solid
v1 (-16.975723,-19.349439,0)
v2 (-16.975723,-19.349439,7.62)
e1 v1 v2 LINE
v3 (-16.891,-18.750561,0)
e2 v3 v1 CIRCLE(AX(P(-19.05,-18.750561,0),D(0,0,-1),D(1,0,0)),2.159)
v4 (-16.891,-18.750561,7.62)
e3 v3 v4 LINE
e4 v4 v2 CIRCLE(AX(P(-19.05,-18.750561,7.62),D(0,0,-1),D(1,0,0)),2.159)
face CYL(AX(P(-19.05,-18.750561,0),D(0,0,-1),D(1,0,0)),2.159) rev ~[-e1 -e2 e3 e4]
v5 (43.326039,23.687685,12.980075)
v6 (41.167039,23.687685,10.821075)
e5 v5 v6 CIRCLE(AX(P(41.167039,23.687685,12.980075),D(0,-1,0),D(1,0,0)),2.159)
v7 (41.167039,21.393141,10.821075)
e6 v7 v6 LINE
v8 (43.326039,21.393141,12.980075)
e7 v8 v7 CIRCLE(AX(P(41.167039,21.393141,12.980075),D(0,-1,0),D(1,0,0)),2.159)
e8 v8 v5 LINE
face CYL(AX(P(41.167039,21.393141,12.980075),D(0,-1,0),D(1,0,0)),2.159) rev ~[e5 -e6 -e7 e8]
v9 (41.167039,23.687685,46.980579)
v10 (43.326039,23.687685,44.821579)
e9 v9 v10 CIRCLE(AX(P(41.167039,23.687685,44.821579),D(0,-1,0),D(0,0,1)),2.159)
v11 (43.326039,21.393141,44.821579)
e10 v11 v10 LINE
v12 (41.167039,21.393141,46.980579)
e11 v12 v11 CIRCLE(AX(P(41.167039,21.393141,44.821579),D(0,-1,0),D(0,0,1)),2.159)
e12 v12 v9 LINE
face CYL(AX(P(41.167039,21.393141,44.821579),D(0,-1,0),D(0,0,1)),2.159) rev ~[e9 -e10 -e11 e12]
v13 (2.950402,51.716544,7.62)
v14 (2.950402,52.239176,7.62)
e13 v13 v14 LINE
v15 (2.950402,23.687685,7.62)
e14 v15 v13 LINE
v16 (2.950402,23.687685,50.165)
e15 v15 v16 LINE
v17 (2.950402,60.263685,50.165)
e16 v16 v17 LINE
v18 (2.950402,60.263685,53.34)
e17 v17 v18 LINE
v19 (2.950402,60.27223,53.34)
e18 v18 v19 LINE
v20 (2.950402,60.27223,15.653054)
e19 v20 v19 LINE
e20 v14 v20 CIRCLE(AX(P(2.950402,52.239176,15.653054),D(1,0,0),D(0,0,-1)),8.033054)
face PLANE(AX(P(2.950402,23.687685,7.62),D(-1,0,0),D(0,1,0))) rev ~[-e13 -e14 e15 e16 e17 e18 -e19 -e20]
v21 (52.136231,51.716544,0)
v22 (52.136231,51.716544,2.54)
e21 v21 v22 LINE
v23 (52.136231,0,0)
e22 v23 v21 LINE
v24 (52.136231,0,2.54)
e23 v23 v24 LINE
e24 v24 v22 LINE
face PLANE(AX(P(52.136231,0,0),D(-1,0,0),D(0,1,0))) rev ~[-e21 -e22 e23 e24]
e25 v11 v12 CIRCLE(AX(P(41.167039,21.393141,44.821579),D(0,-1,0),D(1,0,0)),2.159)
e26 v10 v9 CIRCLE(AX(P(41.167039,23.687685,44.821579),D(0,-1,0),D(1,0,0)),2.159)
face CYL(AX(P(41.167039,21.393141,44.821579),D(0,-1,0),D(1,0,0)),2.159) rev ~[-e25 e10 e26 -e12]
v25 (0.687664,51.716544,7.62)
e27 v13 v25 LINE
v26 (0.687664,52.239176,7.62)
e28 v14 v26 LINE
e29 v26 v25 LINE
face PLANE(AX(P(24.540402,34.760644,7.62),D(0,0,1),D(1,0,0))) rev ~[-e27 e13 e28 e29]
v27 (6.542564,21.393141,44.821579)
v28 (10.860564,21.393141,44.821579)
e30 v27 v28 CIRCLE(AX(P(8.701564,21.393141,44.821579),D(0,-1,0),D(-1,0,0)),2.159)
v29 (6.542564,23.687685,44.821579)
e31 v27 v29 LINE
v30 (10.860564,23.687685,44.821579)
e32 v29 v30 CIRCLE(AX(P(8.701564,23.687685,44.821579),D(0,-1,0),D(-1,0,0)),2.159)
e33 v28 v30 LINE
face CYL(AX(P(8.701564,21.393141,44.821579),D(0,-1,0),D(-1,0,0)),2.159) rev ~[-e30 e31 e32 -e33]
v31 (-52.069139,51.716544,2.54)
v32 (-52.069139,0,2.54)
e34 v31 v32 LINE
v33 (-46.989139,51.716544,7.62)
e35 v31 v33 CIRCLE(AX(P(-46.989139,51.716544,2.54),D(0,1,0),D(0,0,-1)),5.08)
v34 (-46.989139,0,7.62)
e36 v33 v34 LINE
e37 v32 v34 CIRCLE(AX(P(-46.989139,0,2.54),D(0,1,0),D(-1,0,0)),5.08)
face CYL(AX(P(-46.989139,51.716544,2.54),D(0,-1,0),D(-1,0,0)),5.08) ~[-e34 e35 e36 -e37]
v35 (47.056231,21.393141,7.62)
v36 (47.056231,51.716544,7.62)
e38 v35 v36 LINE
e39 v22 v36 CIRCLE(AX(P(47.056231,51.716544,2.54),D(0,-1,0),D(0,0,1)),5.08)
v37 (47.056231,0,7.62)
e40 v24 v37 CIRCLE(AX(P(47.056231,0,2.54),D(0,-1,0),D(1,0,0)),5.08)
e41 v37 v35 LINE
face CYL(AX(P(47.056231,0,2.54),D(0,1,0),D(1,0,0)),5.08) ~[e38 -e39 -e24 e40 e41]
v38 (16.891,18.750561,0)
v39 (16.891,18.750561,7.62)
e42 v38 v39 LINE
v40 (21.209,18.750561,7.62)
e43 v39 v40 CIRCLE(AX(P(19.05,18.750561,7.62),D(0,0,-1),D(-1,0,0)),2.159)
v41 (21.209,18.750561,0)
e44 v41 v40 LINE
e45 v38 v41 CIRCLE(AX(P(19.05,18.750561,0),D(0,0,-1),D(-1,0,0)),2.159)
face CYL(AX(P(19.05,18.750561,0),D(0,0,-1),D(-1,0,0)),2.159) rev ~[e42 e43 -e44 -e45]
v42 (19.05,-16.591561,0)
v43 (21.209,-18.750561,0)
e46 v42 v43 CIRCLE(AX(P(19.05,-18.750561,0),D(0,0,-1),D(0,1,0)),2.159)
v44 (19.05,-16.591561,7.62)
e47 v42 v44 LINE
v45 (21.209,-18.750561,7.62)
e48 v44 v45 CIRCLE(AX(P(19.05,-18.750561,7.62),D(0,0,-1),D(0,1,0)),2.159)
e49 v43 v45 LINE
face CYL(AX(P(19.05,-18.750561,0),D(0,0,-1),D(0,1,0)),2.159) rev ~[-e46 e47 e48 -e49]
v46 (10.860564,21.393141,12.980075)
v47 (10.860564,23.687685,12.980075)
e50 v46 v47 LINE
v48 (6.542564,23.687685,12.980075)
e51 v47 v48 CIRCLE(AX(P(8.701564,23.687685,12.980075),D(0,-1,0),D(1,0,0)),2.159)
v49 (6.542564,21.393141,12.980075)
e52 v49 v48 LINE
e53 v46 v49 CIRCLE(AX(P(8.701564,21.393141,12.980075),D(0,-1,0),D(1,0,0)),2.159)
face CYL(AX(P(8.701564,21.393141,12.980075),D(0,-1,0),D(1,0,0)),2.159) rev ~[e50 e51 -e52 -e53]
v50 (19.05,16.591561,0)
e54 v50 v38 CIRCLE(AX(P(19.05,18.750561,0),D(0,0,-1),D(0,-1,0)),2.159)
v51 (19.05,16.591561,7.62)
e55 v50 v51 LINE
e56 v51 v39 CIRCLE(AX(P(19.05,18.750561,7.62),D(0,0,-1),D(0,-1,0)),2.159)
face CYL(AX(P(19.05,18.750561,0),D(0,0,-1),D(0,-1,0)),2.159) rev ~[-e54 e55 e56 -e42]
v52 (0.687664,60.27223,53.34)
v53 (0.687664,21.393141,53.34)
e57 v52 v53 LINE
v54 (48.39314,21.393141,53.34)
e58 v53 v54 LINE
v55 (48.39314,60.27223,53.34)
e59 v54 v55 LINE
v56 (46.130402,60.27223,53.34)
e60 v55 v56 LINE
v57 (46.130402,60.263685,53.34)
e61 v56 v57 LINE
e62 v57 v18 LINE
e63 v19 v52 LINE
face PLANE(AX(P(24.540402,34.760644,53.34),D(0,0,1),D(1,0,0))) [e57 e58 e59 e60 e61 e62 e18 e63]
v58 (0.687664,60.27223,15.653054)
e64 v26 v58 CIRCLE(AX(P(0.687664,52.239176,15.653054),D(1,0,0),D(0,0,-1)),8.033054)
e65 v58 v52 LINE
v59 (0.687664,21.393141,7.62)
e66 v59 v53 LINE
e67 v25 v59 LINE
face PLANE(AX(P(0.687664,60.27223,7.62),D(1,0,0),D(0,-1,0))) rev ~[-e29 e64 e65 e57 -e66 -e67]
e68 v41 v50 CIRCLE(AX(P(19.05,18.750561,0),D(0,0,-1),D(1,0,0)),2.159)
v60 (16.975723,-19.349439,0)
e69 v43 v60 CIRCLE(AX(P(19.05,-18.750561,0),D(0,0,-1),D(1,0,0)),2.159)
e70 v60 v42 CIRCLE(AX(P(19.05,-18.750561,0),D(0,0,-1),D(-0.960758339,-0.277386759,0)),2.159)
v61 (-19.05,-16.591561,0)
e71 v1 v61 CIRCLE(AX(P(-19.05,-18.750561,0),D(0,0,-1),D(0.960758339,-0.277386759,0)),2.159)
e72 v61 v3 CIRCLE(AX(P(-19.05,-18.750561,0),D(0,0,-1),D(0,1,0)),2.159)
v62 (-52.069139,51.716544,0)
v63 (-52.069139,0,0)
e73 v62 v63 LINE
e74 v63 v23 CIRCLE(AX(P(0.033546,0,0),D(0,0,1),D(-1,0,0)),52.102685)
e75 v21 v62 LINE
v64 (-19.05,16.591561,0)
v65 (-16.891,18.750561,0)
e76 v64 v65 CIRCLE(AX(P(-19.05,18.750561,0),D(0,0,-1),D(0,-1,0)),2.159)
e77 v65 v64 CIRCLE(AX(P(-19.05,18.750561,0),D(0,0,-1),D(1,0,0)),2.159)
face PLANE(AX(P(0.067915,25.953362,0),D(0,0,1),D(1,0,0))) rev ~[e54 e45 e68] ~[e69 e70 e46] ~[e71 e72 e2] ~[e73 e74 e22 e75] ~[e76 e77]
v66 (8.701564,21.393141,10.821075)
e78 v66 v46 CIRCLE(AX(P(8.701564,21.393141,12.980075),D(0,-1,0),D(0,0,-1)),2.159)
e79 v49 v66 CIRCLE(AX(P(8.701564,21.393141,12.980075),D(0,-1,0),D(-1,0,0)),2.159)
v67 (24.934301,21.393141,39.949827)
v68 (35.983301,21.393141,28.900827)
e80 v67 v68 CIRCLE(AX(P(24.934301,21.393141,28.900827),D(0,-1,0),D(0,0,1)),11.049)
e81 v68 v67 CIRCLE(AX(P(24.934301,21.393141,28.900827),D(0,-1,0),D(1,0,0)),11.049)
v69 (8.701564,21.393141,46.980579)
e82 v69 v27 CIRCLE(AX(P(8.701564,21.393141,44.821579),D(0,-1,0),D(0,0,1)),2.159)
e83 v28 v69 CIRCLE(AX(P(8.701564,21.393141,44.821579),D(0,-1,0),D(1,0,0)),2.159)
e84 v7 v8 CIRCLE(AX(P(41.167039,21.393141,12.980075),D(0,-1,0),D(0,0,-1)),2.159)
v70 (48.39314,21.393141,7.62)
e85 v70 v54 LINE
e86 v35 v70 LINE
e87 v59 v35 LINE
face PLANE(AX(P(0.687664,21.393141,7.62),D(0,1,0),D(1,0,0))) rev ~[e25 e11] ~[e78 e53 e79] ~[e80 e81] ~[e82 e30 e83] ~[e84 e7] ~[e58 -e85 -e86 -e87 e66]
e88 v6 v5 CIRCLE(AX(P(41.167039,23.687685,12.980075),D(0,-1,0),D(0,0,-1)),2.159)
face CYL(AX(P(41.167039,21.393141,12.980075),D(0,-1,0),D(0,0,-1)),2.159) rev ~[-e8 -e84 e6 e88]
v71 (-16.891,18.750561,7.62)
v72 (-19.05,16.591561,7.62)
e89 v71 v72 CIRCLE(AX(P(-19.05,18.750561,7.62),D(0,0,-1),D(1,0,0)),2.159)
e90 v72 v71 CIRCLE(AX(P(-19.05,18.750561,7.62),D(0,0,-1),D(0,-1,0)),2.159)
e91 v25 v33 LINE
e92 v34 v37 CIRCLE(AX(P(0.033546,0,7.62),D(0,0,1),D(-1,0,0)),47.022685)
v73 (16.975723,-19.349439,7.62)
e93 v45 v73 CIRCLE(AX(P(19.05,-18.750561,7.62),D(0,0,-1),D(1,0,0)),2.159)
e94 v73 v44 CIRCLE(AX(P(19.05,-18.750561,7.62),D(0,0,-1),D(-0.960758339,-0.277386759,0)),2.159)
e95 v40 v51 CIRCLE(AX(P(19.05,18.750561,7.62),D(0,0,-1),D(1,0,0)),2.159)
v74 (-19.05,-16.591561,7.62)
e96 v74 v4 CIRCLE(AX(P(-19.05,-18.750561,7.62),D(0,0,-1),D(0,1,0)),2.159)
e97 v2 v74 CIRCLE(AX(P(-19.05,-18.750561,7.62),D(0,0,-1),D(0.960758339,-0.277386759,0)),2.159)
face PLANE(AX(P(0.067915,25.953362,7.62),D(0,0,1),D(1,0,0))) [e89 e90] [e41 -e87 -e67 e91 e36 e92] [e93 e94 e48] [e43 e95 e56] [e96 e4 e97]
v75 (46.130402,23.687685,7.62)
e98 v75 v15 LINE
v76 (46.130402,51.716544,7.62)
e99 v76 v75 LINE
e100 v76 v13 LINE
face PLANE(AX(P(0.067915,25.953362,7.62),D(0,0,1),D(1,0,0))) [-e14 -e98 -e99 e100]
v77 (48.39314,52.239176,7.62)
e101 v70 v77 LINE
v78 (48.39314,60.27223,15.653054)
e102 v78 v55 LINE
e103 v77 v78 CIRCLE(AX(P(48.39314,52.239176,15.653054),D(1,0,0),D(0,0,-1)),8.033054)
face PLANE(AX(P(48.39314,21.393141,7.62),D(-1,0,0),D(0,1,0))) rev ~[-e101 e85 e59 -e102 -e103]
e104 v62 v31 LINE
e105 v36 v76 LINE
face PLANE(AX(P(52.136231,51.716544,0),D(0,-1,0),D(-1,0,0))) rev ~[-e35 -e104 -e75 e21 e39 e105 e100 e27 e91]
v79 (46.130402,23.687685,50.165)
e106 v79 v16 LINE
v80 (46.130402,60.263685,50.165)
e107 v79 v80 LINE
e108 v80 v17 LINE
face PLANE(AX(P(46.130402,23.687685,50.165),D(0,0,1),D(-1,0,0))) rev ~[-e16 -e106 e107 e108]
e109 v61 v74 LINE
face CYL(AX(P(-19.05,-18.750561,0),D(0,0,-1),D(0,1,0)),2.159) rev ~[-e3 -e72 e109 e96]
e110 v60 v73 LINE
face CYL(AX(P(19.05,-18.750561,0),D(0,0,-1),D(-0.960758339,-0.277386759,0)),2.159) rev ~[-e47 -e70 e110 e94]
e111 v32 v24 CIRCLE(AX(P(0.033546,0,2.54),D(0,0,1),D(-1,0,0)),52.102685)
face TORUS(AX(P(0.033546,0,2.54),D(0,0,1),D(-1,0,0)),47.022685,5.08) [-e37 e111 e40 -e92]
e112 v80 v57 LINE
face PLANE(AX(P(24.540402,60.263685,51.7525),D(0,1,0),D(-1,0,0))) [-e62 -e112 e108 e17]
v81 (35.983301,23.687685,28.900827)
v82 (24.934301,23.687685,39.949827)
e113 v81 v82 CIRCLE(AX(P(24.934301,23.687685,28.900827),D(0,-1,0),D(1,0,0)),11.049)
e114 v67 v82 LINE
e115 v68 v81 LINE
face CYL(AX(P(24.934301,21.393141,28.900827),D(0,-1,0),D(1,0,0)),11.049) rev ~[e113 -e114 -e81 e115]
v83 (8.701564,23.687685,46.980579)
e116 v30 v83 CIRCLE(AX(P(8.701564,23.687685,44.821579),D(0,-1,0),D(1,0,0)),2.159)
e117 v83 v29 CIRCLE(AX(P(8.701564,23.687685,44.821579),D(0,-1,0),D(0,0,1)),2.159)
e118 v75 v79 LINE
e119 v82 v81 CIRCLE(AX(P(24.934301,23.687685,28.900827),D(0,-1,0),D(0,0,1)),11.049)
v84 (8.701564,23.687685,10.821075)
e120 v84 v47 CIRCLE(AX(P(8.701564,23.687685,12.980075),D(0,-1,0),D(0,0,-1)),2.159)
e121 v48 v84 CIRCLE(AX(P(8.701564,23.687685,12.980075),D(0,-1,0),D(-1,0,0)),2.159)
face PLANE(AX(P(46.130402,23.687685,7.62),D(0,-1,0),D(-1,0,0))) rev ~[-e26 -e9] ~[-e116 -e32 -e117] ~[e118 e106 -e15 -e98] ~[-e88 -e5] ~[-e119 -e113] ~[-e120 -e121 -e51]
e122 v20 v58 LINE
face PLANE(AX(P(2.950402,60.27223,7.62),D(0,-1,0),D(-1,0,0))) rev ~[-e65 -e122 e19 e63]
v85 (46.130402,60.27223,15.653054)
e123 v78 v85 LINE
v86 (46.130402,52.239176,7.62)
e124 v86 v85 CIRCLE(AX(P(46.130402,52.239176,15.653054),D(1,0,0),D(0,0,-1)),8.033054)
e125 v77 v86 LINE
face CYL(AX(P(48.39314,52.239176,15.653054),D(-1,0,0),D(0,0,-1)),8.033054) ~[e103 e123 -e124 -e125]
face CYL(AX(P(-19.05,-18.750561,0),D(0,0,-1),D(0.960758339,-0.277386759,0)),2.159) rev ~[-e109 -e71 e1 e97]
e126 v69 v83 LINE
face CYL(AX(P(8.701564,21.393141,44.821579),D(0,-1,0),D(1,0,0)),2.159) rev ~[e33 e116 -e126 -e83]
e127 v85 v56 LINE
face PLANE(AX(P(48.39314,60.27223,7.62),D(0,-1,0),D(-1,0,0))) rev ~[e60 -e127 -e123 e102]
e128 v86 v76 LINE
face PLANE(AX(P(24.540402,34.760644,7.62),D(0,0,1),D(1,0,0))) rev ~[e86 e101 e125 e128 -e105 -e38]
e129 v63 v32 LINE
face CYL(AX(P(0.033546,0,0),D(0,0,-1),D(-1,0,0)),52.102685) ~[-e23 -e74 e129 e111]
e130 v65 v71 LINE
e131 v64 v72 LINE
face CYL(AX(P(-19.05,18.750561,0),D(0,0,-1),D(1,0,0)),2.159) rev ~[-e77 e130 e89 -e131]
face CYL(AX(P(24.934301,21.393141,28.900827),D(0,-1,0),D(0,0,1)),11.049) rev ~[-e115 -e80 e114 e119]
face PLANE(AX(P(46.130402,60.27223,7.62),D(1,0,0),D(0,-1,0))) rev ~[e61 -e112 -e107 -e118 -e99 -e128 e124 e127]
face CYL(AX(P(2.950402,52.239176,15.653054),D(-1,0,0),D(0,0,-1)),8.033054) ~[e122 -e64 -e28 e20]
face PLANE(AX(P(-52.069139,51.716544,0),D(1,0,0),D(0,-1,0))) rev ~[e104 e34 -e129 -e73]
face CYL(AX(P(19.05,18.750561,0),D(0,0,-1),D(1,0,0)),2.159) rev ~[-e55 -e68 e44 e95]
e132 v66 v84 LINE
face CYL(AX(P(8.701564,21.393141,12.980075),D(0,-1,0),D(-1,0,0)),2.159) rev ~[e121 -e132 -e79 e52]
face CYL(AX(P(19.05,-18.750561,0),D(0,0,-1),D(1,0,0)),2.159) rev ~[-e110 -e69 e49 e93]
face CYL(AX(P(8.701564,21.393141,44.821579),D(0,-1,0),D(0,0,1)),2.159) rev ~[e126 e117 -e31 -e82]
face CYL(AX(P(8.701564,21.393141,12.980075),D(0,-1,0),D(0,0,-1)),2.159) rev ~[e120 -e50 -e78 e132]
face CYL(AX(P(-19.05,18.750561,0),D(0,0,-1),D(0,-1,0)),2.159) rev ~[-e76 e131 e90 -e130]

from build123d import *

# Parameters (mm, degrees)
F1_DEPTH = 7.62
F2_R     = 5.08
F4_DEPTH = 45.72
F6_DEPTH = 25.4
F7_W     = 43.18
F7_H     = 3.175
F8_DEPTH = 36.576
F9_R     = 8.0330542074


with BuildPart() as f1:
    # F0 (on Top) → F1 (new body)
    with BuildSketch(Plane.XY):
        with BuildLine():
            ThreePointArc((-19.05, 16.5915609938), (-20.5766435406, 20.2772045344), (-16.891, 18.7505609938))
            Line((-16.891, 18.7505609938), (16.891, 18.7505609938))
            ThreePointArc((16.891, 18.7505609938), (19.05, 20.9095609938), (21.209, 18.7505609938))
            ThreePointArc((21.209, 18.7505609938), (20.5766435406, 17.2239174532), (19.05, 16.5915609938))
            Line((19.05, 16.5915609938), (19.05, 0))
            Line((19.05, 0), (52.1362312138, 0))
            Line((52.1362312138, 0), (52.1362312138, 51.7165437341))
            Line((52.1362312138, 51.7165437341), (-52.0691390008, 51.7165437341))
            Line((-52.0691390008, 51.7165437341), (-52.0691390008, 0))
            Line((-52.0691390008, 0), (-19.05, 0))
            Line((-19.05, 0), (-19.05, 16.5915609938))
        make_face()
        with BuildLine():
            Line((-19.05, -16.5915609938), (-19.05, 0))
            Line((-19.05, 0), (-52.0691390008, 0))
            ThreePointArc((-52.0691390008, 0), (0.0335461065, -52.1026851073), (52.1362312138, 0))
            Line((52.1362312138, 0), (19.05, 0))
            Line((19.05, 0), (19.05, -16.5915609938))
            ThreePointArc((19.05, -16.5915609938), (20.5766435406, -17.2239174532), (21.209, -18.7505609938))
            ThreePointArc((21.209, -18.7505609938), (19.3524205753, -20.8882753797), (16.975722746, -19.3494390062))
            Line((16.975722746, -19.3494390062), (-16.975722746, -19.3494390062))
            ThreePointArc((-16.975722746, -19.3494390062), (-20.775435978, -20.0483096928), (-19.05, -16.5915609938))
        make_face()
        with BuildLine():
            Line((16.891, 18.7505609938), (-16.891, 18.7505609938))
            ThreePointArc((-16.891, 18.7505609938), (-17.5233564594, 17.2239174532), (-19.05, 16.5915609938))
            Line((-19.05, 16.5915609938), (-19.05, 0))
            Line((-19.05, 0), (19.05, 0))
            Line((19.05, 0), (19.05, 16.5915609938))
            ThreePointArc((19.05, 16.5915609938), (17.5233564594, 17.2239174532), (16.891, 18.7505609938))
        make_face()
        with BuildLine():
            Line((19.05, 0), (-19.05, 0))
            Line((-19.05, 0), (-19.05, -16.5915609938))
            ThreePointArc((-19.05, -16.5915609938), (-17.5233564594, -17.2239174532), (-16.891, -18.7505609938))
            ThreePointArc((-16.891, -18.7505609938), (-16.9122856141, -19.0529815691), (-16.975722746, -19.3494390062))
            Line((-16.975722746, -19.3494390062), (16.975722746, -19.3494390062))
            ThreePointArc((16.975722746, -19.3494390062), (17.324564022, -17.4528122949), (19.05, -16.5915609938))
            Line((19.05, -16.5915609938), (19.05, 0))
        make_face()
    extrude(amount=F1_DEPTH)

    # F2
    f2_edges = [f1.edges().sort_by_distance(p)[0] for p in [
        (0.033546, -52.102685, 7.62),
    ]]
    fillet(f2_edges, radius=F2_R)

    # F3 (on face) → F4 (join)
    with BuildSketch(Plane.XY.offset(7.62)):
        Polygon((46.1304020137, 23.6876853067), (2.9504020137, 23.6876853067), (2.9504020137, 57.9776853067), (2.9504020137, 60.2722298354), (0.6876643932, 60.2722298354), (0.6876643932, 21.3931407779), (48.3931396341, 21.3931407779), (48.3931396341, 60.2722298354), (46.1304020137, 60.2722298354), (46.1304020137, 57.9776853067), align=None)
    extrude(amount=F4_DEPTH)

    # F5 (on face) → F6 (cut)
    with BuildSketch(Plane.XZ.offset(-21.3931407779)):
        with BuildLine():
            ThreePointArc((6.5425638128, 44.8215786717), (8.7015638128, 42.6625786717), (10.8605638128, 44.8215786717))
            ThreePointArc((10.8605638128, 44.8215786717), (10.2282073534, 46.3482222123), (8.7015638128, 46.9805786717))
            ThreePointArc((8.7015638128, 46.9805786717), (7.1749202722, 46.3482222123), (6.5425638128, 44.8215786717))
        make_face()
        with BuildLine():
            ThreePointArc((24.9343014333, 39.9498267307), (17.1214786079, 21.0880039054), (35.9833014333, 28.9008267307))
            ThreePointArc((35.9833014333, 28.9008267307), (32.7471242586, 36.7136495561), (24.9343014333, 39.9498267307))
        make_face()
        with BuildLine():
            ThreePointArc((41.1670390537, 46.9805786717), (39.6403955132, 43.2949351311), (43.3260390537, 44.8215786717))
            ThreePointArc((43.3260390537, 44.8215786717), (42.6936825943, 46.3482222123), (41.1670390537, 46.9805786717))
        make_face()
        with BuildLine():
            ThreePointArc((41.1670390537, 10.8210747898), (42.6936825943, 11.4534312492), (43.3260390537, 12.9800747898))
            ThreePointArc((43.3260390537, 12.9800747898), (39.6403955132, 14.5067183303), (41.1670390537, 10.8210747898))
        make_face()
        with BuildLine():
            ThreePointArc((6.5425638128, 12.9800747898), (7.1749202722, 11.4534312492), (8.7015638128, 10.8210747898))
            ThreePointArc((8.7015638128, 10.8210747898), (10.2282073534, 11.4534312492), (10.8605638128, 12.9800747898))
            ThreePointArc((10.8605638128, 12.9800747898), (8.7015638128, 15.1390747898), (6.5425638128, 12.9800747898))
        make_face()
    extrude(amount=-F6_DEPTH, mode=Mode.SUBTRACT)

    # F7 (on face) → F8 (join)
    with BuildSketch(Plane(origin=(0, 23.6876853067, 0), x_dir=(-1, 0, 0), z_dir=(0, 1, 0))):
        with Locations((-24.5404020137, 51.7525)):
            Rectangle(F7_W, F7_H)
    extrude(amount=F8_DEPTH)

    # F9
    f9_edges = [f1.edges().sort_by_distance(p)[0] for p in [
        (47.261771, 60.27223, 7.62),
        (1.819033, 60.27223, 7.62),
    ]]
    fillet(f9_edges, radius=F9_R)


solid = f1.part
